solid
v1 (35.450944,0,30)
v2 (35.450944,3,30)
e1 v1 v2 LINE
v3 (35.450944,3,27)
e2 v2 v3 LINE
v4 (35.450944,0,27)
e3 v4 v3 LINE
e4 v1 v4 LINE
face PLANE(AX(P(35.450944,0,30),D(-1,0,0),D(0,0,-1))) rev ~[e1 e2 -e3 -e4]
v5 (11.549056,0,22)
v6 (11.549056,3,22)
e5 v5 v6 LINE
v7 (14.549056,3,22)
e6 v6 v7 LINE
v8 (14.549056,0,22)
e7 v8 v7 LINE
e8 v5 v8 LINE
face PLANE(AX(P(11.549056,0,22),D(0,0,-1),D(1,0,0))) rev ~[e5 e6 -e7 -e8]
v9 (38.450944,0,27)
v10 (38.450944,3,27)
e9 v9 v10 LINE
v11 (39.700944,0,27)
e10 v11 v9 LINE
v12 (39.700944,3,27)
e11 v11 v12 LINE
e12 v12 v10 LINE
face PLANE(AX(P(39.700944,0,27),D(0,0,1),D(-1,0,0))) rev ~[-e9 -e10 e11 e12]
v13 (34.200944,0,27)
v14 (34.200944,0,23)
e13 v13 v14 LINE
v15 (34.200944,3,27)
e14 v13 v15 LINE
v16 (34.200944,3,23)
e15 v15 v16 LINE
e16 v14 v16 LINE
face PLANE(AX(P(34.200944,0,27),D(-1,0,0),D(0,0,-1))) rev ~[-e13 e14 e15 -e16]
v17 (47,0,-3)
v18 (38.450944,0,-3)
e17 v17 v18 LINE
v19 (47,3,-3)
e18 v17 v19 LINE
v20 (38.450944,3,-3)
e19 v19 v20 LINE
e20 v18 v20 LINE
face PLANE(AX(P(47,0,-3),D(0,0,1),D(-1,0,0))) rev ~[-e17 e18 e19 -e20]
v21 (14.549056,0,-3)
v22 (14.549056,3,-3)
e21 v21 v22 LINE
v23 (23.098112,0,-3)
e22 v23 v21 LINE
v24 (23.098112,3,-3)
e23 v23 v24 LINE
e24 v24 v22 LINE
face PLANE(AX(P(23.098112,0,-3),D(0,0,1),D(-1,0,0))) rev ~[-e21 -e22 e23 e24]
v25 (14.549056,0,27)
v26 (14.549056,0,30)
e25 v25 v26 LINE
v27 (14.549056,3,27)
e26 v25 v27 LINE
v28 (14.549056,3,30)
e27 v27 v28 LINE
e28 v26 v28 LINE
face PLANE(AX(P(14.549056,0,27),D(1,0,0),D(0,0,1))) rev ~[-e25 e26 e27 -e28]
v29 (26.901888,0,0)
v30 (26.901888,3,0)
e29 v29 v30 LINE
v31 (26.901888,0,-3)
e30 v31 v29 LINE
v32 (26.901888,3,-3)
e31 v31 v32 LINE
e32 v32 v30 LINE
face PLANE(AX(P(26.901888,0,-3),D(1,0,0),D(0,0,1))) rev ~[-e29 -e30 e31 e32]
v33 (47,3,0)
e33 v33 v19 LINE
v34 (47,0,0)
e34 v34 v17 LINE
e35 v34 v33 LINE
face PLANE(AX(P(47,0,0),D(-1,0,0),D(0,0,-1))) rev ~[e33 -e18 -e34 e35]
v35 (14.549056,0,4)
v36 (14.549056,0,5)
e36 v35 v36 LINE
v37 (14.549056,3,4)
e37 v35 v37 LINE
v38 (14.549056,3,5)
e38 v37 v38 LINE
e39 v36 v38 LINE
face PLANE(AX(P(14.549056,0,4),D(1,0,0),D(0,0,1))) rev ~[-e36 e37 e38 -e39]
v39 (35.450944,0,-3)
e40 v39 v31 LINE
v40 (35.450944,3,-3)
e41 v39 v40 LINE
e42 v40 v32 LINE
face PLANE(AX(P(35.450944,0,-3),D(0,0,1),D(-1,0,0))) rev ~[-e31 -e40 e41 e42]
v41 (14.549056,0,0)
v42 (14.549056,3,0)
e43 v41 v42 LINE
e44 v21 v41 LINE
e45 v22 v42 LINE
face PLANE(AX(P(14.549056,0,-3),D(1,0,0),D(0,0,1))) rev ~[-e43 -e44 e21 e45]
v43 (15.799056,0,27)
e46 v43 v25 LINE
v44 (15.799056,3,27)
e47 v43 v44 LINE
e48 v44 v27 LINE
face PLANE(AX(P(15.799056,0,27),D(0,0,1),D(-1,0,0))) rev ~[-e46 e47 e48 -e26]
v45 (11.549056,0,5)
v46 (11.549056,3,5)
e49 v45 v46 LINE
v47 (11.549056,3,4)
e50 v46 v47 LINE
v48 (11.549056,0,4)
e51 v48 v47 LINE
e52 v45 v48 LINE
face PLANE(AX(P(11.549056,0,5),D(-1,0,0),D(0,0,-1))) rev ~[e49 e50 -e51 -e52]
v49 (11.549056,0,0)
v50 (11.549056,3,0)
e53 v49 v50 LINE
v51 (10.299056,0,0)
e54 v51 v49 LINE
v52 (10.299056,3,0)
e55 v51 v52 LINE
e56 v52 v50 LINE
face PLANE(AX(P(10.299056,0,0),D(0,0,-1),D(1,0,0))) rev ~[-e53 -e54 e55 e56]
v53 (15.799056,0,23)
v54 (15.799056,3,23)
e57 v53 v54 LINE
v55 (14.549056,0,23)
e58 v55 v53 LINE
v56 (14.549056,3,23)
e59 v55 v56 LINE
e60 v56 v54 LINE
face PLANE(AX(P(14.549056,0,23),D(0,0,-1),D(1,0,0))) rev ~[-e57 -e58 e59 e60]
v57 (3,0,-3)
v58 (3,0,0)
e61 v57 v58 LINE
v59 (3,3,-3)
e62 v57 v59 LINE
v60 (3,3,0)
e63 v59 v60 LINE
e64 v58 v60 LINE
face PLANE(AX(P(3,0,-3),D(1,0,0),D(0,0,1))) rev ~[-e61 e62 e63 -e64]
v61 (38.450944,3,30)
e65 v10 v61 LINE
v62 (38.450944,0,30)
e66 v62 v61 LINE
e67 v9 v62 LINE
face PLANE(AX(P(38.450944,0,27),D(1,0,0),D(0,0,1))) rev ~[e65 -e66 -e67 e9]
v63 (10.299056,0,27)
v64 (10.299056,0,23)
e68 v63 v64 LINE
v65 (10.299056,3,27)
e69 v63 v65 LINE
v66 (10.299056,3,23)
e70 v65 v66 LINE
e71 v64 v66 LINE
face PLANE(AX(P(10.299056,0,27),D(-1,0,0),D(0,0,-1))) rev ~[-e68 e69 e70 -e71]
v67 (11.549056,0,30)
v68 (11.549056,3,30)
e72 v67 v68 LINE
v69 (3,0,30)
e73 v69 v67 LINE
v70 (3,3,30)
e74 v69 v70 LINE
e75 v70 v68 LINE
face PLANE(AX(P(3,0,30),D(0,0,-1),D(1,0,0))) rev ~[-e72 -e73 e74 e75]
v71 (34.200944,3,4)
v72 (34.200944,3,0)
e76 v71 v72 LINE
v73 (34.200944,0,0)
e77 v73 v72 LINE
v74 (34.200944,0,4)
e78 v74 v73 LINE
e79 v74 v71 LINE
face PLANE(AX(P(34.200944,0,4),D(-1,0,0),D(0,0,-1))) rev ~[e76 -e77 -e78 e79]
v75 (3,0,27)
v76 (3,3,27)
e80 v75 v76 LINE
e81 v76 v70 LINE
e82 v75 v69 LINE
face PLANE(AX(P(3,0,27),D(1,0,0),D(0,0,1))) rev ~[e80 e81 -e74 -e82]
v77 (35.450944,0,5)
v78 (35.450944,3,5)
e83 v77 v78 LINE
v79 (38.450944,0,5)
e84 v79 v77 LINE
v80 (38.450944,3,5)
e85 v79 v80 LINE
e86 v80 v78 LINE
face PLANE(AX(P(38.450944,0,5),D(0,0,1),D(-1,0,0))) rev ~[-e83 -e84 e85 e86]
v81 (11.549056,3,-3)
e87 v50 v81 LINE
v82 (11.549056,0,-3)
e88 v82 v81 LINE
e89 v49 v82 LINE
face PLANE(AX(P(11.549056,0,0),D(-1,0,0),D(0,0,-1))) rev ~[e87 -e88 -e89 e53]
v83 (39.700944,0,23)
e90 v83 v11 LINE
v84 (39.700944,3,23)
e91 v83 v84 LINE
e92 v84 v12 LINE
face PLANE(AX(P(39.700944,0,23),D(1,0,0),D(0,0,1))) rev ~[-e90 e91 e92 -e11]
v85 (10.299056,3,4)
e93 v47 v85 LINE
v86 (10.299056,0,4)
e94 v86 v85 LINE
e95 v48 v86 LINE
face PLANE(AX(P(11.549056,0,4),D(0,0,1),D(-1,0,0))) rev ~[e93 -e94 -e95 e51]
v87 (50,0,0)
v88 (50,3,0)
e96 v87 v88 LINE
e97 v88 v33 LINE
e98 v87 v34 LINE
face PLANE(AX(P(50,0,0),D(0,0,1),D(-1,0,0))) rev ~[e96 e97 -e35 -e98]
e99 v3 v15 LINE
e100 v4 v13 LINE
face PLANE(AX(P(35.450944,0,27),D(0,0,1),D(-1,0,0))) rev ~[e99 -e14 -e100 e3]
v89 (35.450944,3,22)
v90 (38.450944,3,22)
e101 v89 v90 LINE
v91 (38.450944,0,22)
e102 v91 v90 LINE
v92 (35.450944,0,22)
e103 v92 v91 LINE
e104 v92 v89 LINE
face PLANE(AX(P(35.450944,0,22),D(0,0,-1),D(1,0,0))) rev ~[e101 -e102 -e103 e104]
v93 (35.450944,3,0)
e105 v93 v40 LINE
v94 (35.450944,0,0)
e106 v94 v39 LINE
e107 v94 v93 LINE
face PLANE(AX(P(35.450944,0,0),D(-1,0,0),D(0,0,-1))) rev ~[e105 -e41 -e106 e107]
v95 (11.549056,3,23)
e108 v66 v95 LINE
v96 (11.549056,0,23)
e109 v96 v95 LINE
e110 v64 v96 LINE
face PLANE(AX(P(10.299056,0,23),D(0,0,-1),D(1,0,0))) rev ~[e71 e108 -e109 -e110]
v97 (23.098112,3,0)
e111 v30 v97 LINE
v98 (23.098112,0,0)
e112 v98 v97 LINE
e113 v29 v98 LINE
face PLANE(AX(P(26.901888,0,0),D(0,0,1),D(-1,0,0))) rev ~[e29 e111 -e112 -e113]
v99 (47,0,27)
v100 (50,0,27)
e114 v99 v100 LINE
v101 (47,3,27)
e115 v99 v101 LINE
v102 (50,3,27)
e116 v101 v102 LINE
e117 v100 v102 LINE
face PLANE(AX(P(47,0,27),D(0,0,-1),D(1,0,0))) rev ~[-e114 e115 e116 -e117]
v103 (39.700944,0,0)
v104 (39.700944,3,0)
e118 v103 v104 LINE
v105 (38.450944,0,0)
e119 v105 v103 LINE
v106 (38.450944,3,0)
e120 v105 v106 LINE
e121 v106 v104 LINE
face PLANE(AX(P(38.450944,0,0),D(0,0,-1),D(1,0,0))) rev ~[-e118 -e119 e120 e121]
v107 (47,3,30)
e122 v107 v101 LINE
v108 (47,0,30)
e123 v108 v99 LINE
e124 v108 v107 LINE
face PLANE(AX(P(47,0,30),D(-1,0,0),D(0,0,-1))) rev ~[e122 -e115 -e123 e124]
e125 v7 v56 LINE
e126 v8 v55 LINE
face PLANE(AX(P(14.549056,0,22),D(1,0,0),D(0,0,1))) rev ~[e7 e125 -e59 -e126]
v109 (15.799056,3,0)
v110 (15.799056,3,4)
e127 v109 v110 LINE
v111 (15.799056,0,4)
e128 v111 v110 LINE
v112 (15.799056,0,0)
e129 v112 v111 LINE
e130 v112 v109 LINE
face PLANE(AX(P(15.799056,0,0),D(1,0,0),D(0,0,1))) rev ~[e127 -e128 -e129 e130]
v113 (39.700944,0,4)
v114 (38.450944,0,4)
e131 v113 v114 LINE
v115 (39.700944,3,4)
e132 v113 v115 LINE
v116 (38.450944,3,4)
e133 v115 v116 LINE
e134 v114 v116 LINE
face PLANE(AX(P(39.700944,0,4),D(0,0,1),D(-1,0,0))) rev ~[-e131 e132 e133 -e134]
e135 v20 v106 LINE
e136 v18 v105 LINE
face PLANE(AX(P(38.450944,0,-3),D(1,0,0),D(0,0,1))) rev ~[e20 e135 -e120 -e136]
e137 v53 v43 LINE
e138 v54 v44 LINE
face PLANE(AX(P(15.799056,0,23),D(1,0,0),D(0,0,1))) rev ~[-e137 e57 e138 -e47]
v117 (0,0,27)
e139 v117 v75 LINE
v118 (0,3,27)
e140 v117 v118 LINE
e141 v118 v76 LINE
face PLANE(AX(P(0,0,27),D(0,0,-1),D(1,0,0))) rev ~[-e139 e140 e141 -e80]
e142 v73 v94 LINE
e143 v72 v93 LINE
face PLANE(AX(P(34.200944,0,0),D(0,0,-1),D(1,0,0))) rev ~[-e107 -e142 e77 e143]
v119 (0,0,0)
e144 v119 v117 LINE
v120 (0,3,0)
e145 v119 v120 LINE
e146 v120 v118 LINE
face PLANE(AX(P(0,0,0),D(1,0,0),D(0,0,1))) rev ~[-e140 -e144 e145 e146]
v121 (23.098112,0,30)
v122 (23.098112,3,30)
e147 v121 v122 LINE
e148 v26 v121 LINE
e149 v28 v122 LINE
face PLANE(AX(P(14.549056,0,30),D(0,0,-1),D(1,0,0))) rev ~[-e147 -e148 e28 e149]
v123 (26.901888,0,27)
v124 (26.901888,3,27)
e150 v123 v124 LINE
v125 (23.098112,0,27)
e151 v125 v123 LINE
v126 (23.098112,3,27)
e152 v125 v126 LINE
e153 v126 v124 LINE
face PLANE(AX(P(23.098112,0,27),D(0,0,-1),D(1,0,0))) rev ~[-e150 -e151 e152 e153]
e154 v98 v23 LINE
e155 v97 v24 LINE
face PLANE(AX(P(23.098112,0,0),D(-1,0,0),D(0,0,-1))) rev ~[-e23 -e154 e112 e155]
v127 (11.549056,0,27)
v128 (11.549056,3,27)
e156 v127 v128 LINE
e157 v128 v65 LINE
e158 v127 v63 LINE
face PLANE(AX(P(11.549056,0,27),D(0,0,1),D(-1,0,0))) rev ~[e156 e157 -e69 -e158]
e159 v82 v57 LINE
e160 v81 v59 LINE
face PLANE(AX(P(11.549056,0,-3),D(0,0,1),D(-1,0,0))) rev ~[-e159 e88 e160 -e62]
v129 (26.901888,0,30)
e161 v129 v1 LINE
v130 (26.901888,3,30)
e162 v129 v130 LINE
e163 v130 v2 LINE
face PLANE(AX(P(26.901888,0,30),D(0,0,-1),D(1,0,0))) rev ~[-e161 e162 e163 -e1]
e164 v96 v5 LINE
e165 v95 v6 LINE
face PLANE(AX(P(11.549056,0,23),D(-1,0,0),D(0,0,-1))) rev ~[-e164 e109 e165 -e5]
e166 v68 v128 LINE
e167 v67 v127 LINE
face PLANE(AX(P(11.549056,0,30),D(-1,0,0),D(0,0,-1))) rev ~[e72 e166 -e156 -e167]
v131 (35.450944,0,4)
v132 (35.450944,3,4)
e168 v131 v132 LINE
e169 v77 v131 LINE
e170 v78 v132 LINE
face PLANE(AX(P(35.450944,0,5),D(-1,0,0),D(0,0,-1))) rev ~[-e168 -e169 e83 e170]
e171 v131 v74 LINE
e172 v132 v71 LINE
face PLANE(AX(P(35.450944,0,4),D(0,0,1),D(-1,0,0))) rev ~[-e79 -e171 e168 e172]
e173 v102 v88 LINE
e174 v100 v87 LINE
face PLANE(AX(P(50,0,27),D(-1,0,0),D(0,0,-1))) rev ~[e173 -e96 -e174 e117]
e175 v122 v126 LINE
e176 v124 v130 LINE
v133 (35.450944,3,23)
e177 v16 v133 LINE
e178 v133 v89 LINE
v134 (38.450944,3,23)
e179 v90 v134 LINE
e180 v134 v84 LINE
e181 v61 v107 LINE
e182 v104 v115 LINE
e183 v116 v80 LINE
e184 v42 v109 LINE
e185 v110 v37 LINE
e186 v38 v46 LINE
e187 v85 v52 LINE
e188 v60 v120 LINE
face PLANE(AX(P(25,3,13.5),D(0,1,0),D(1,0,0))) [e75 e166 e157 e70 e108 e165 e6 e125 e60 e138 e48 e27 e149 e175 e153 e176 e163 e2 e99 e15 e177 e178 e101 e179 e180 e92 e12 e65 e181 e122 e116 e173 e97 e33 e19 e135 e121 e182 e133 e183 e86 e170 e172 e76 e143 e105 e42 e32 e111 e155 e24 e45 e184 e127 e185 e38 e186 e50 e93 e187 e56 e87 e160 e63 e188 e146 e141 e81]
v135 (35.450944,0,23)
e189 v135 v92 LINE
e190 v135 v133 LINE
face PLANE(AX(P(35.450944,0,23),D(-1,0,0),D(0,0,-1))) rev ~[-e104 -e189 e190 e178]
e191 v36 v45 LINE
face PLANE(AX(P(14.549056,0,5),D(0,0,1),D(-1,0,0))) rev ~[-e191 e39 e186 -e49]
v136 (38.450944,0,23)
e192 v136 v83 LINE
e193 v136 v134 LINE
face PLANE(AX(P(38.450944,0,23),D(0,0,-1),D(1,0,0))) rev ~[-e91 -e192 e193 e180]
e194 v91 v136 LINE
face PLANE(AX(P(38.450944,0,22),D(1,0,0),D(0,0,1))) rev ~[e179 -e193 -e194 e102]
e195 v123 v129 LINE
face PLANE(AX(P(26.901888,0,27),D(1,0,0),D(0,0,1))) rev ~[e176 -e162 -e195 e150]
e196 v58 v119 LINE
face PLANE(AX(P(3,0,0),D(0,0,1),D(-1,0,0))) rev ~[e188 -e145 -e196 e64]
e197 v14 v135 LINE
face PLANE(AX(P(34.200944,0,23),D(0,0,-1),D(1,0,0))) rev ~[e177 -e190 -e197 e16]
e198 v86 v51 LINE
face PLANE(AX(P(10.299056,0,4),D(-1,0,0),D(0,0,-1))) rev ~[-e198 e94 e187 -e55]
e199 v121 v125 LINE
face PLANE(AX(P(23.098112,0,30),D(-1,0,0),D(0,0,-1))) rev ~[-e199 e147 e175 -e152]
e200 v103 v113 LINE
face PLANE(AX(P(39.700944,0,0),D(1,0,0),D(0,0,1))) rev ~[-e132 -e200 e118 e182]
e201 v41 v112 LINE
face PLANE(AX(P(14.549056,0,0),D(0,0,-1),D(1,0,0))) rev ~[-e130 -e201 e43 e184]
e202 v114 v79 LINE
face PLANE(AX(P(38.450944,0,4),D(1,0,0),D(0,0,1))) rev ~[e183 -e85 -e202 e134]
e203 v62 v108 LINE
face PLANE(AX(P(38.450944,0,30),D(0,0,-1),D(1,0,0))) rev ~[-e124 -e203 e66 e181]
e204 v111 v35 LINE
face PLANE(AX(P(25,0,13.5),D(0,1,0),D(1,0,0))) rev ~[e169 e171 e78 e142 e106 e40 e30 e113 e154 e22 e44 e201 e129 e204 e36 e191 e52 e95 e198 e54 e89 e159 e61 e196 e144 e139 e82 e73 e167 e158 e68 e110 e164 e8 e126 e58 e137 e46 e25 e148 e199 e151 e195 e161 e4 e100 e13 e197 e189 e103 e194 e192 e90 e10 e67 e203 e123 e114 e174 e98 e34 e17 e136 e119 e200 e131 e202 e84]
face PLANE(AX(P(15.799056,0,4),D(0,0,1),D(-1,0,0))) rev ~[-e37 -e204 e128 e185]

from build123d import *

# Parameters (mm, degrees)
EXTRUDE_1_DEPTH = 3


with BuildPart() as part:
    # 草图1 → 凸台-拉伸1 (new body)
    with BuildSketch(Plane(origin=(0, 0, 0), x_dir=(1, 0, 0), z_dir=(0, 1, 0))):
        Polygon((15.799055804, 0), (15.799055804, -4), (14.549055804, -4), (14.549055804, -5), (11.549055804, -5), (11.549055804, -4), (10.299055804, -4), (10.299055804, 0), (11.549055804, 0), (11.549055804, 3), (3, 3), (3, 0), (0, 0), (0, -27), (3, -27), (3, -30), (11.549055804, -30), (11.549055804, -27), (10.299055804, -27), (10.299055804, -23), (11.549055804, -23), (11.549055804, -22), (14.549055804, -22), (14.549055804, -23), (15.799055804, -23), (15.799055804, -27), (14.549055804, -27), (14.549055804, -30), (23.098111609, -30), (23.098111609, -27), (26.901888391, -27), (26.901888391, -30), (35.450944196, -30), (35.450944196, -27), (34.200944196, -27), (34.200944196, -23), (35.450944196, -23), (35.450944196, -22), (38.450944196, -22), (38.450944196, -23), (39.700944196, -23), (39.700944196, -27), (38.450944196, -27), (38.450944196, -30), (47, -30), (47, -27), (50, -27), (50, 0), (47, 0), (47, 3), (38.450944196, 3), (38.450944196, 0), (39.700944196, 0), (39.700944196, -4), (38.450944196, -4), (38.450944196, -5), (35.450944196, -5), (35.450944196, -4), (34.200944196, -4), (34.200944196, 0), (35.450944196, 0), (35.450944196, 3), (26.901888391, 3), (26.901888391, 0), (23.098111609, 0), (23.098111609, 3), (14.549055804, 3), (14.549055804, 0), align=None)
    extrude(amount=EXTRUDE_1_DEPTH)


solid = part.part
